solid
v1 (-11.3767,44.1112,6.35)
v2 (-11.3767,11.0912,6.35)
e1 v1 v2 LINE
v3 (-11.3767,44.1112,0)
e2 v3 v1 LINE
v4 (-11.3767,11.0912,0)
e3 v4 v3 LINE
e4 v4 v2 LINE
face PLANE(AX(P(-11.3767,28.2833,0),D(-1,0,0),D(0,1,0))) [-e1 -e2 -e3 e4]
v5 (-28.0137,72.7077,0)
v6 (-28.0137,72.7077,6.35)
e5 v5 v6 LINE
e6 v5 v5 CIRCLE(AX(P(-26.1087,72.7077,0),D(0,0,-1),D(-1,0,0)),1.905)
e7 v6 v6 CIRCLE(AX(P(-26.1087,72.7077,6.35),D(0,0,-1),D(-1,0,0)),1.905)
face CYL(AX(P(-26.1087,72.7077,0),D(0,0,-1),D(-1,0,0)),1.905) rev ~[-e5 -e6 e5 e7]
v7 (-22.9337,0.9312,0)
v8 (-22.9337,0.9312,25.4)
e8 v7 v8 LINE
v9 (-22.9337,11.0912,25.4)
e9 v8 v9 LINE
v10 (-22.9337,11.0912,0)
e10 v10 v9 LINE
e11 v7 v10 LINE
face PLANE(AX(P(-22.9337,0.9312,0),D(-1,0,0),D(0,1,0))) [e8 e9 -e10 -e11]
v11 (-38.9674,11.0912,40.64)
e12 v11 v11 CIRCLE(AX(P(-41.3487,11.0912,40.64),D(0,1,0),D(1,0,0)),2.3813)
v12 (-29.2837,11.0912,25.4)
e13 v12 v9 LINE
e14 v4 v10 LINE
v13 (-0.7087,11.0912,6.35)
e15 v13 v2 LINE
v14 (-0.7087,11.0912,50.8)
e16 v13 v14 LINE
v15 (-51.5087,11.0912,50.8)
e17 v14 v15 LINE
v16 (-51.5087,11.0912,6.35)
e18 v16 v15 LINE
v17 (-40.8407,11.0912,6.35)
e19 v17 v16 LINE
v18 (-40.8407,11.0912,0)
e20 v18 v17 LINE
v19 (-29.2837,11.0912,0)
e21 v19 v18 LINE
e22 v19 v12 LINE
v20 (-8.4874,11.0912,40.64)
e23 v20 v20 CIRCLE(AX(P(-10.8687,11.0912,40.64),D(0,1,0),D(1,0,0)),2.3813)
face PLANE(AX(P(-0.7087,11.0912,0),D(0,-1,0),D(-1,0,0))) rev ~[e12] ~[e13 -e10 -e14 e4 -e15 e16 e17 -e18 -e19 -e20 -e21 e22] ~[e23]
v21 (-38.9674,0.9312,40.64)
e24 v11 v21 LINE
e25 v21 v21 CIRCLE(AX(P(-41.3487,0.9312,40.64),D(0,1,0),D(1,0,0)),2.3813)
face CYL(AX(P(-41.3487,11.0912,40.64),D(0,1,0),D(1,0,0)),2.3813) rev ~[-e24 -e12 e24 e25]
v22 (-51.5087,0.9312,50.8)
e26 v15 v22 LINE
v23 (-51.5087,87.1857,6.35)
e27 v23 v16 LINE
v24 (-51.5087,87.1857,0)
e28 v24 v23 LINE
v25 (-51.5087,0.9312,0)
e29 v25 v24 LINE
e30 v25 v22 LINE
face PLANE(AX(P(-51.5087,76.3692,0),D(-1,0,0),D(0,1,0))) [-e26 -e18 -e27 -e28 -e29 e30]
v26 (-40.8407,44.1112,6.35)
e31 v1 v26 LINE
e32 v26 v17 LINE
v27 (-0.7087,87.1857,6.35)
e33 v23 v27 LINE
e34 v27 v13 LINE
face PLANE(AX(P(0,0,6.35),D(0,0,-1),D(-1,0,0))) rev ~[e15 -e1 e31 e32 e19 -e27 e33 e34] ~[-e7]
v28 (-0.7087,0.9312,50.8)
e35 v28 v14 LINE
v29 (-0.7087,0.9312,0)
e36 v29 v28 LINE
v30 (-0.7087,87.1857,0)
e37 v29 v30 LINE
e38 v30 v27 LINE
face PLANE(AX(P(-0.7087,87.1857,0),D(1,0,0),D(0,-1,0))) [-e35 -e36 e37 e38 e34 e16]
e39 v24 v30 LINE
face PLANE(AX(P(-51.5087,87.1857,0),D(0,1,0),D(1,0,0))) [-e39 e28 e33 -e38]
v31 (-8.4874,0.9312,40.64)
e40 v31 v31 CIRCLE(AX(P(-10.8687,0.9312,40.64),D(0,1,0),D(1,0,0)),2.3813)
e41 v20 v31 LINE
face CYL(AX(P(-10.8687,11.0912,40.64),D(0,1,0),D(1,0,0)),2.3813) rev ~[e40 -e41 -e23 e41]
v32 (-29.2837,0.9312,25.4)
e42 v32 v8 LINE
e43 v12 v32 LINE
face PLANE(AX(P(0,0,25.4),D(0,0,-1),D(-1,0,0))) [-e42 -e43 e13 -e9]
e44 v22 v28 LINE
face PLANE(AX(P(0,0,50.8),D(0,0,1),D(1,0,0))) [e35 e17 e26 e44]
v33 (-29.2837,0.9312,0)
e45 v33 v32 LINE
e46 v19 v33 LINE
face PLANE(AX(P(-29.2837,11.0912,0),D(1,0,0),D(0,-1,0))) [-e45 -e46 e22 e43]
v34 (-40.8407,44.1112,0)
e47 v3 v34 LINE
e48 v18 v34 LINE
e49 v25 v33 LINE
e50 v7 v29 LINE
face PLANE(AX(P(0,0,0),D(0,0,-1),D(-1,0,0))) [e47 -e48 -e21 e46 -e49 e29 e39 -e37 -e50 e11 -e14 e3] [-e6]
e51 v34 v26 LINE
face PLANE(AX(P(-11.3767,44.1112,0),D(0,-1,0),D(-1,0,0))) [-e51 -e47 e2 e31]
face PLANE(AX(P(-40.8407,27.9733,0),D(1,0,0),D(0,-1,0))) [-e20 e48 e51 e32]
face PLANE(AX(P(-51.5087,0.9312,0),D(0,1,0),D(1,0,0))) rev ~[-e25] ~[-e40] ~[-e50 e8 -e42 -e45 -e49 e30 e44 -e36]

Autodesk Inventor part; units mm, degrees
ref_plane "YZ Plane" through (0, 0, 0) normal (1, 0, 0) x (0, 1, 0)
ref_plane "XZ Plane" through (0, 0, 0) normal (0, 1, 0) x (-1, 0, 0)
ref_plane "XY Plane" through (0, 0, 0) normal (0, 0, 1) x (1, 0, 0)
sketch "Sketch1" plane through (0, 0, 0) normal (0, 0, 1) x (1, 0, 0)
  line L0 (-51.5087, 0.9312) -> (-0.7087, 0.9312)
  line L1 (-0.7087, 0.9312) -> (-0.7087, 11.0912)
  line L2 (-0.7087, 11.0912) -> (-51.5087, 11.0912)
  line L3 (-51.5087, 11.0912) -> (-51.5087, 0.9312)
  dimension "d1" = 10.16
  dimension "d2" = 50.8
extrude "Extrusion1" add sketch "Sketch1" along normal blind 50.8
sketch "Sketch2" plane through (0, 0, 0) normal (0, 0, -1) x (-1, 0, 0)
  arc A0 (43.6087, 20.9733) -> (43.6087, 27.9733) centre (43.6087, 24.4733) ccw
  line L0 (8.6087, 27.9733) -> (12.5532, 27.9733)
  line L1 (8.6087, 27.9733) -> (12.5532, 27.9733)
  line L2 (8.6087, 20.9733) -> (12.5532, 20.9733)
  line L3 (8.6087, 20.9733) -> (12.5532, 20.9733)
  arc A1 (9.0398, 27.9733) -> (9.0398, 20.9733) centre (8.6512, 24.4733) ccw
  line L4 (43.6087, 27.9733) -> (39.6641, 27.9733)
  line L5 (39.6641, 27.9733) -> (43.6087, 27.9733)
  line L6 (43.6087, 20.9733) -> (39.6641, 20.9733)
  line L7 (39.6641, 20.9733) -> (43.6087, 20.9733)
  arc A2 (18.8087, 11.9789) -> (18.362, 12.8118) centre (17.8087, 11.9789) ccw
  line L8 (18.8087, 8.6771) -> (18.8087, 11.5509)
  line L9 (18.8087, 11.9789) -> (18.8087, 8.6771)
  line L10 (18.8087, 8.6771) -> (18.8087, 7.6771)
  arc A3 (18.8087, 8.6771) -> (19.8087, 7.6771) centre (19.8087, 8.6771) ccw
  line L11 (18.8087, 7.6771) -> (33.4087, 7.6771)
  line L12 (33.4087, 11.9789) -> (33.4087, 11.5509)
  line L13 (33.4087, 7.6771) -> (33.4087, 11.9789)
  arc A4 (33.8554, 12.8118) -> (33.4087, 11.9789) centre (34.4087, 11.9789) ccw
  arc A5 (33.4087, 11.9789) -> (33.4087, 11.9789) centre (34.4087, 11.9789) ccw
  arc A6 (18.8087, 11.9789) -> (18.362, 12.8118) centre (17.8087, 11.9789) ccw
  arc A7 (12.5532, 20.9733) -> (18.362, 12.8118) centre (26.1087, 24.4733) ccw
  arc A8 (33.8554, 12.8118) -> (39.6641, 20.9733) centre (26.1087, 24.4733) ccw
  arc A9 (39.6641, 27.9733) -> (12.5532, 27.9733) centre (26.1087, 24.4733) ccw
  line L14 (0.7087, 11.0912) -> (51.5087, 11.0912) projected
  circle A10 centre (26.1087, 24.4733) radius 14
  line L15 (0.7087, 0.9312) -> (0.7087, 11.0912) projected
  line L16 (0.7087, 11.0912) -> (51.5087, 11.0912)
  line L17 (51.5087, 11.0912) -> (51.5087, 61.8912)
  line L18 (51.5087, 61.8912) -> (0.7087, 61.8912)
  line L19 (0.7087, 61.8912) -> (0.7087, 11.0912)
  line L20 (11.3767, 28.2833) -> (11.3767, 11.0912)
  line L21 (11.3767, 28.2833) -> (11.3767, 44.1112)
  line L22 (11.3767, 44.1112) -> (40.8407, 44.1112)
  line L23 (40.8407, 44.1112) -> (40.8407, 11.0912)
  point P0 (0, 0)
  point P1 (26.1087, 11.0912)
  dimension "d6" = 0
  dimension "d7" = 50.8
  dimension "d9" = 14.732
  dimension "d10" = 14.732
  dimension "d11" = 33.02
extrude "Extrusion2" add sketch "Sketch2" against normal blind 6.35 contours L6 L23 L4 A0 | A0 L4 L23 L22 L21 L20 L0 A1 L2 L14 L19 L18 L17 L6 | L20 L2 A1 L0
sketch "Sketch3" plane through (0, 0, 0) normal (0, 0, -1) x (-1, 0, 0)
  arc A0 (43.6087, 24.541) -> (43.6087, 31.541) centre (43.6087, 28.041) ccw
  line L0 (8.6087, 31.541) -> (12.5532, 31.541)
  line L1 (8.6087, 31.541) -> (12.5532, 31.541)
  line L2 (8.6087, 24.541) -> (12.5532, 24.541)
  line L3 (8.6087, 24.541) -> (12.5532, 24.541)
  arc A1 (9.0398, 31.541) -> (9.0398, 24.541) centre (8.6512, 28.041) ccw
  line L4 (43.6087, 31.541) -> (39.6641, 31.541)
  line L5 (39.6641, 31.541) -> (43.6087, 31.541)
  line L6 (43.6087, 24.541) -> (39.6641, 24.541)
  line L7 (39.6641, 24.541) -> (43.6087, 24.541)
  arc A2 (18.8087, 15.5466) -> (18.362, 16.3795) centre (17.8087, 15.5466) ccw
  line L8 (18.8087, 12.2448) -> (18.8087, 15.1185)
  line L9 (18.8087, 15.5466) -> (18.8087, 12.2448)
  line L10 (18.8087, 12.2448) -> (18.8087, 11.2448)
  arc A3 (18.8087, 12.2448) -> (19.8087, 11.2448) centre (19.8087, 12.2448) ccw
  line L11 (18.8087, 11.2448) -> (33.4087, 11.2448)
  line L12 (33.4087, 15.5466) -> (33.4087, 15.1185)
  line L13 (33.4087, 11.2448) -> (33.4087, 15.5466)
  arc A4 (33.8554, 16.3795) -> (33.4087, 15.5466) centre (34.4087, 15.5466) ccw
  arc A5 (33.4087, 15.5466) -> (33.4087, 15.5466) centre (34.4087, 15.5466) ccw
  arc A6 (18.8087, 15.5466) -> (18.362, 16.3795) centre (17.8087, 15.5466) ccw
  arc A7 (12.5532, 24.541) -> (18.362, 16.3795) centre (26.1087, 28.041) ccw
  arc A8 (33.8554, 16.3795) -> (39.6641, 24.541) centre (26.1087, 28.041) ccw
  arc A9 (39.6641, 31.541) -> (12.5532, 31.541) centre (26.1087, 28.041) ccw
  line L14 (11.3767, 11.0912) -> (40.8407, 11.0912) projected
  circle A10 centre (26.1087, 28.041) radius 25.7175
  circle A11 centre (26.1087, 61.7236) radius 7.62
  line L15 (0.7087, 61.8912) -> (51.5087, 61.8912) projected
  line L16 (0.7087, 0.9312) -> (0.7087, 61.8912) projected
  line L17 (0.7087, 61.8912) -> (51.5087, 61.8912)
  line L18 (51.5087, 61.8912) -> (51.5087, 76.3692)
  line L19 (51.5087, 76.3692) -> (0.7087, 76.3692)
  line L20 (0.7087, 76.3692) -> (0.7087, 61.8912)
  point P0 (0, 0)
  point P1 (26.1087, 11.0912)
  point P2 (26.1087, 61.8912)
  dimension "d15" = 0
  dimension "d16" = 51.435
  dimension "d17" = 15.24
  dimension "d18" = 0
  dimension "d19" = 14.478
extrude "Extrusion3" add sketch "Sketch3" against normal blind 6.35 contours L20 L19 L18 L15 A11 | A11 L15 picked at (24.5986, 64.5356)
sketch "Sketch5" plane through (0, 0, 0) normal (0, 0, -1) x (-1, 0, 0)
  line L0 (0.7087, 11.0912) -> (51.5087, 11.0912) projected
  line L1 (26.1087, 11.0912) -> (26.1087, 35.6872)
  line L2 (26.1087, 35.6872) -> (26.1087, 61.4047)
  circle A0 centre (26.1087, 72.7077) radius 7.62
  circle A1 centre (26.1087, 72.7077) radius 1.905
  line L3 (0.7087, 76.3692) -> (51.5087, 76.3692) projected
  point P0 (0, 0)
  dimension "d26" = 24.596
  dimension "d27" = 25.7175
  dimension "d28" = 15.24
  dimension "d29" = 11.303
  dimension "d30" = 3.81
extrude "Extrusion5" cut sketch "Sketch5" against normal up to next contours A1
sketch "Sketch6" plane through (0, 0, 0) normal (0, 0, -1) x (-1, 0, 0)
  line L0 (0.7087, 76.3692) -> (51.5087, 76.3692) projected
  line L1 (0.7087, 76.3692) -> (51.5087, 76.3692)
  line L2 (51.5087, 76.3692) -> (51.5087, 87.1857)
  line L3 (51.5087, 87.1857) -> (0.7087, 87.1857)
  line L4 (0.7087, 87.1857) -> (0.7087, 76.3692)
  circle A0 centre (26.1087, 72.7077) radius 1.905 projected
  point P0 (0, 0)
  dimension "d33" = 14.478
extrude "Extrusion6" add sketch "Sketch6" against normal blind 6.35 contours L4 L3 L2 L0
sketch "Sketch8" plane through (-51.5087, 11.0912, 50.8) normal (0, 1, 0) x (1, 0, 0)
  circle A0 centre (40.64, 10.16) radius 2.3813
  circle A1 centre (10.16, 10.16) radius 2.3813
  line L0 (50.8, 0) -> (0, 0) projected
  line L1 (50.8, 50.8) -> (50.8, 0) projected
  line L2 (0, 44.45) -> (0, 0) projected
  point P0 (51.5087, 50.8)
  dimension "d36" = 4.7625
  dimension "d37" = 4.7625
  dimension "d38" = 10.16
  dimension "d39" = 10.16
  dimension "d40" = 10.16
  dimension "d41" = 10.16
extrude "Extrusion7" cut sketch "Sketch8" against normal up to next
sketch "Sketch9" plane through (0, 0, 0) normal (0, 0, -1) x (-1, 0, 0)
  line L0 (11.3767, 11.0912) -> (40.8407, 11.0912) projected
  line L1 (26.1087, 11.0912) -> (26.1087, 0.9312)
  line L2 (51.5087, 0.9312) -> (0.7087, 0.9312) projected
  line L3 (22.9337, 11.0912) -> (29.2837, 11.0912)
  line L4 (29.2837, 11.0912) -> (29.2837, 0.9312)
  line L5 (29.2837, 0.9312) -> (22.9337, 0.9312)
  line L6 (22.9337, 0.9312) -> (22.9337, 11.0912)
  point P0 (0, 0)
  dimension "d45" = 6.35
  dimension "d46" = 3.175
extrude "Extrusion8" cut sketch "Sketch9" against normal blind 25.4
sketch "Sketch10" plane through (0, 0, 0) normal (0, 0, -1) x (-1, 0, 0)
  point P0 (0, 0)
properties part number "End Frame 2"
